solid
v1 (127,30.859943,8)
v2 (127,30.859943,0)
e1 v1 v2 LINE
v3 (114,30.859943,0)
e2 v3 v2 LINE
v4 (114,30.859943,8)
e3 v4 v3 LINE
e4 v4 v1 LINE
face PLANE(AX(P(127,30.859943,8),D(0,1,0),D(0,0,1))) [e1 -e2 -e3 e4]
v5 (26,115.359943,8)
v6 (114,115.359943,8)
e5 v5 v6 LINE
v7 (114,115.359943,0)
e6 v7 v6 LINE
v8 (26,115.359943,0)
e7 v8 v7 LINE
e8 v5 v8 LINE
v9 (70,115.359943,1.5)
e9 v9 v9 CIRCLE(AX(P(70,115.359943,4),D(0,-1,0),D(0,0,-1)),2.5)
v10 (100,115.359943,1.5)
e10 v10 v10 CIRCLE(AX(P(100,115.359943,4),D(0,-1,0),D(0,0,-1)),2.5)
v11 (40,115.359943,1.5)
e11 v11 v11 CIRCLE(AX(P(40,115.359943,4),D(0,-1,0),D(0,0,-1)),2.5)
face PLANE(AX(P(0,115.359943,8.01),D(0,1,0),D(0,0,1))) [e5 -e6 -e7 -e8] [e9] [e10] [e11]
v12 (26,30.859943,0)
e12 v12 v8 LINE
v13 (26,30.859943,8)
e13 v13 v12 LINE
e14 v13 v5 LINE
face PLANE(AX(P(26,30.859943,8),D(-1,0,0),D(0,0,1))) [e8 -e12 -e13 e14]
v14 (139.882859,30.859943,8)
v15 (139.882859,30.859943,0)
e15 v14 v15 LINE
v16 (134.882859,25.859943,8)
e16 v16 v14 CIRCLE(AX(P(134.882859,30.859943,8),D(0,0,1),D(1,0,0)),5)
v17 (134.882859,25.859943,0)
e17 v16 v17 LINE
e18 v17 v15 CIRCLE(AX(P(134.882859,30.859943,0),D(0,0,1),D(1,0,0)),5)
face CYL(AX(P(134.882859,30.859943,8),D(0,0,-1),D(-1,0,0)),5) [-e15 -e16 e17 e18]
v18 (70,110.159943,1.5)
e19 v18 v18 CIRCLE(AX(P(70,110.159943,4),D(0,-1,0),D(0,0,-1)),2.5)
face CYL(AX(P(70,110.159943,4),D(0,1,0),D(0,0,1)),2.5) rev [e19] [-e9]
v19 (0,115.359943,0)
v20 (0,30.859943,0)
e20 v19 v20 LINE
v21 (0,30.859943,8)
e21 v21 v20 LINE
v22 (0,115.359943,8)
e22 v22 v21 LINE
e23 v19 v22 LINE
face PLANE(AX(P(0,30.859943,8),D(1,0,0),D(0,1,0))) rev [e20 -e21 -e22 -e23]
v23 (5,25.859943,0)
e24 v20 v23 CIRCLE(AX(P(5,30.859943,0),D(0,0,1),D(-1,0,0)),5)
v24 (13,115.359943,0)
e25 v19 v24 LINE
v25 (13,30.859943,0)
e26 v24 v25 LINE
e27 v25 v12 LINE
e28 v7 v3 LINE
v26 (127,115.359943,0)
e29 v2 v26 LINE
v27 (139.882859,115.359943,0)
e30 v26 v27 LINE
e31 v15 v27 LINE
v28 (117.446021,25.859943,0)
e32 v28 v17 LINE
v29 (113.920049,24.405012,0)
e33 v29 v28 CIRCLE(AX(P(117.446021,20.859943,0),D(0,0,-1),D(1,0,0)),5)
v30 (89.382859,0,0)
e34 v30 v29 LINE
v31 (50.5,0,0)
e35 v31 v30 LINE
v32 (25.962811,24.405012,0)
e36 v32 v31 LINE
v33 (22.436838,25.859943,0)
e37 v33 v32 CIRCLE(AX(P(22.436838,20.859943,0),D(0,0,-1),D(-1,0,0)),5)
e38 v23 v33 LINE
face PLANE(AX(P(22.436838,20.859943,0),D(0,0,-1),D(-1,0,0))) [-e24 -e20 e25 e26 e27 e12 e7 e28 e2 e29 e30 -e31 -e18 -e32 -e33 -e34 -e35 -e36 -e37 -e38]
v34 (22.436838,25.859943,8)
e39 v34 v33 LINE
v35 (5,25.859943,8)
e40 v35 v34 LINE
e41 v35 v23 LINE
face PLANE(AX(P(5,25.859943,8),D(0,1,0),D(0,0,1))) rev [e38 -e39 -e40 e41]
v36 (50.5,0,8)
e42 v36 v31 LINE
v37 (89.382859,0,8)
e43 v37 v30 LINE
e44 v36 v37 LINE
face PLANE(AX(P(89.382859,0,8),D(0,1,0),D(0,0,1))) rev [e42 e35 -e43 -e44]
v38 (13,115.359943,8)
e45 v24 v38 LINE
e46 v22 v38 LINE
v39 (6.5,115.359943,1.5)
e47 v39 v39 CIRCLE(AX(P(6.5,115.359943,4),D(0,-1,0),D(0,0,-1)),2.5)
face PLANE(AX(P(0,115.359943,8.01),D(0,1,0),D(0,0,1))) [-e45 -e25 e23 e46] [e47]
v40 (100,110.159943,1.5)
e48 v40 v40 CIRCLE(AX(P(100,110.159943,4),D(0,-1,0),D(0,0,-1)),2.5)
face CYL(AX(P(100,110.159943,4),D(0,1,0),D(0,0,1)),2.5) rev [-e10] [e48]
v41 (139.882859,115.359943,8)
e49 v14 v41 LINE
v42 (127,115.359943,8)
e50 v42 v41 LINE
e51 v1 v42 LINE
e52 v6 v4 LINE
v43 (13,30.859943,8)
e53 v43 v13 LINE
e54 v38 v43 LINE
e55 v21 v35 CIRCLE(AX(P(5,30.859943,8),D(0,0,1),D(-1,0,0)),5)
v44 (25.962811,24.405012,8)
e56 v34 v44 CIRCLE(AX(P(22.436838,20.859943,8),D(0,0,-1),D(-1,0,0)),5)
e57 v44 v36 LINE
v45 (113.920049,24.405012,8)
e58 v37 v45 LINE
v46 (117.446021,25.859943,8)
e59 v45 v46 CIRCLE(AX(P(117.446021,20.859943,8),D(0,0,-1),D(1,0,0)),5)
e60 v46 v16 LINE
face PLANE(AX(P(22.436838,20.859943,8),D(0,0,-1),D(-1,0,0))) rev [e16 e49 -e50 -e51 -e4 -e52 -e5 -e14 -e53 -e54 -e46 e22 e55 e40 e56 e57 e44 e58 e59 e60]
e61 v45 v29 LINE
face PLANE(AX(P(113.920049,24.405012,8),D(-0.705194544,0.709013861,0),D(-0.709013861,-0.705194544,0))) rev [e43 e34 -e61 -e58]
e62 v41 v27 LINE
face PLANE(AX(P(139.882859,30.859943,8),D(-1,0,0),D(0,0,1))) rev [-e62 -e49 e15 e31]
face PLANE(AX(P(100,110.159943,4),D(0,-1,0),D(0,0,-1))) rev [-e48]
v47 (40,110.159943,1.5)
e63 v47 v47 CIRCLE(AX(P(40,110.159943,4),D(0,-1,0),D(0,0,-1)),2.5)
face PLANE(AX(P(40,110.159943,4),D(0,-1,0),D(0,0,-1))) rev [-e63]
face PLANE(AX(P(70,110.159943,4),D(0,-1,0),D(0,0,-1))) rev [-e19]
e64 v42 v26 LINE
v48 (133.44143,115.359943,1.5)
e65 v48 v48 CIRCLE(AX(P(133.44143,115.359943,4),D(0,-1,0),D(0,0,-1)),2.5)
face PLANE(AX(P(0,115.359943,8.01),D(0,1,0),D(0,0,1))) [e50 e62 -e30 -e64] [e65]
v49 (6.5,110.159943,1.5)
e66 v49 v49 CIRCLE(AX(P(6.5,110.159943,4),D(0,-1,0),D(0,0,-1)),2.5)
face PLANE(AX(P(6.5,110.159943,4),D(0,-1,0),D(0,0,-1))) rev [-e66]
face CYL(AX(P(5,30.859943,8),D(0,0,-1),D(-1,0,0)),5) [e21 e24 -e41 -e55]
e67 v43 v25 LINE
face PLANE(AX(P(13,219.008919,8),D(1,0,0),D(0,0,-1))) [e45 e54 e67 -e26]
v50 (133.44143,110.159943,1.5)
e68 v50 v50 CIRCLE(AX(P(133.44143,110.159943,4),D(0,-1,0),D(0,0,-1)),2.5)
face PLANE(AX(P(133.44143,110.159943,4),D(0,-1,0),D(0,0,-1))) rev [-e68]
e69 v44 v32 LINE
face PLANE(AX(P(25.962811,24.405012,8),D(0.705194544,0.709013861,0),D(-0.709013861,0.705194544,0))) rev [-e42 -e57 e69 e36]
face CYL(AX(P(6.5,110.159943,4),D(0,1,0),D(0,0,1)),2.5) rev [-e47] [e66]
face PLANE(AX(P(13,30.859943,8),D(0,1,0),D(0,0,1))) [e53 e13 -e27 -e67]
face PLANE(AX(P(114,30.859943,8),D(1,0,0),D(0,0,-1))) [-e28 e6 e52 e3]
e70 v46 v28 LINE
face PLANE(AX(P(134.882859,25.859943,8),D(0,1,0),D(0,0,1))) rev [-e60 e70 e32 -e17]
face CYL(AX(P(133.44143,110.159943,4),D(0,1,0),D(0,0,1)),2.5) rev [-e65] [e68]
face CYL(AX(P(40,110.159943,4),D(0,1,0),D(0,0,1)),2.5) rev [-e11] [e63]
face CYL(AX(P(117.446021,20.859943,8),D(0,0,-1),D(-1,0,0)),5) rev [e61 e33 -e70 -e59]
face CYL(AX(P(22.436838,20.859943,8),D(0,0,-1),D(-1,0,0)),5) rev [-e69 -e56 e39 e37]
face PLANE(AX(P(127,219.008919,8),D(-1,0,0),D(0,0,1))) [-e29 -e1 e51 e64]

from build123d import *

# Parameters (mm, degrees)
SKETCH1_W              = 13
SKETCH1_H              = 188.148975749
BOSS_EXTRUDE1_DEPTH    = 8
SKETCH2_W              = 45
SKETCH2_H              = 52
CUT_EXTRUDE1_DEPTH     = 341.17998495
SPLIT1_SURFACE_1_BACK  = 341.18
SPLIT1_SURFACE_1_DEPTH = 682.36
SPLIT1_SURFACE_2_BACK  = 341.18
SPLIT1_SURFACE_2_DEPTH = 682.36
SKETCH5_R              = 2.5
CUT_EXTRUDE6_DEPTH     = 5.2
CUT_EXTRUDE7_START     = -5.2
SKETCH4_R              = 2.5
CUT_EXTRUDE7_DEPTH     = 5.2


with BuildPart() as part:
    # Sketch1 → Boss-Extrude1 (new body)
    with BuildSketch(Plane.XY):
        with BuildLine():
            Line((0, 30.859943174), (0, 219.008918923))
            ThreePointArc((0, 219.008918923), (0.311003468, 220.744808182), (1.205324608, 222.264750409))
            Line((1.205324608, 222.264750409), (42.261389271, 270.115641625))
            ThreePointArc((42.261389271, 270.115641625), (42.81710491, 270.906904614), (43.210130369, 271.790334282))
            Line((43.210130369, 271.790334282), (54.802396658, 306.567133147))
            ThreePointArc((54.802396658, 306.567133147), (56.605292439, 309.029920375), (59.503914938, 309.985818768))
            Line((59.503914938, 309.985818768), (80.378944352, 309.985818768))
            ThreePointArc((80.378944352, 309.985818768), (83.277566851, 309.029920375), (85.080462632, 306.567133147))
            Line((85.080462632, 306.567133147), (96.672728921, 271.790334282))
            ThreePointArc((96.672728921, 271.790334282), (97.06575438, 270.906904614), (97.621470019, 270.115641625))
            Line((97.621470019, 270.115641625), (138.677534682, 222.264750409))
            ThreePointArc((138.677534682, 222.264750409), (139.571855822, 220.744808182), (139.88285929, 219.008918923))
            Line((139.88285929, 219.008918923), (139.88285929, 30.859943174))
            ThreePointArc((139.88285929, 30.859943174), (138.418393196, 27.324409268), (134.88285929, 25.859943174))
            Line((134.88285929, 25.859943174), (117.446021446, 25.859943174))
            ThreePointArc((117.446021446, 25.859943174), (115.538843756, 25.481920377), (113.920048724, 24.405012478))
            Line((113.920048724, 24.405012478), (89.38285929, 0))
            Line((89.38285929, 0), (50.5, 0))
            Line((50.5, 0), (25.962810565, 24.405012478))
            ThreePointArc((25.962810565, 24.405012478), (24.344015534, 25.481920377), (22.436837844, 25.859943174))
            Line((22.436837844, 25.859943174), (5, 25.859943174))
            ThreePointArc((5, 25.859943174), (1.464466094, 27.324409268), (0, 30.859943174))
        make_face()
        with Locations((19.5, 124.934431049)):
            Rectangle(SKETCH1_W, SKETCH1_H, mode=Mode.SUBTRACT)
        with Locations((120.5, 124.934431049)):
            Rectangle(SKETCH1_W, SKETCH1_H, mode=Mode.SUBTRACT)
    extrude(amount=BOSS_EXTRUDE1_DEPTH)

    # Sketch2 → Cut-Extrude1 (cut, through all)
    with BuildSketch(Plane.XY.offset(8)):
        with Locations((69.88285929, 180.008918923)):
            Rectangle(SKETCH2_W, SKETCH2_H)
    extrude(amount=-CUT_EXTRUDE1_DEPTH, mode=Mode.SUBTRACT)


with BuildPart() as body_2:
    # Split1: the piece behind the surface
    add(part.part)
    # Split1 surface: a surface, the sketch's curves swept straight by 682.36 mm
    with BuildLine(Plane(origin=(0, 0, 0), x_dir=(-1, 0, 0), z_dir=(0, 0, -1)).offset(-SPLIT1_SURFACE_1_BACK), mode=Mode.PRIVATE) as split1_surface_1_path:
        Line((0, 115.359943174), (-139.88285929, 115.359943174))
    split1_surface_1 = Shell.extrude(split1_surface_1_path.wire(), (0 * SPLIT1_SURFACE_1_DEPTH, 0 * SPLIT1_SURFACE_1_DEPTH, -1 * SPLIT1_SURFACE_1_DEPTH))
    split(bisect_by=split1_surface_1, keep=Keep.BOTTOM)


with BuildPart() as part_1:
    add(part.part)

    # Split1: split by a surface, the side it looks to stays
    # Split1 surface: a surface, the sketch's curves swept straight by 682.36 mm
    with BuildLine(Plane(origin=(0, 0, 0), x_dir=(-1, 0, 0), z_dir=(0, 0, -1)).offset(-SPLIT1_SURFACE_2_BACK), mode=Mode.PRIVATE) as split1_surface_2_path:
        Line((0, 115.359943174), (-139.88285929, 115.359943174))
    split1_surface_2 = Shell.extrude(split1_surface_2_path.wire(), (0 * SPLIT1_SURFACE_2_DEPTH, 0 * SPLIT1_SURFACE_2_DEPTH, -1 * SPLIT1_SURFACE_2_DEPTH))
    split(bisect_by=split1_surface_2, keep=Keep.TOP)

    # Sketch5 → Cut-Extrude6 (cut)
    with BuildSketch(Plane(origin=(0, 115.359943174, -115.359943174), x_dir=(1, 0, 0), z_dir=(0, -1, 0))):
        with Locations(Location((133.441429645, 119.359943174, 0), (0, 0, 270))):
            Circle(SKETCH5_R)
        with Locations(Location((70, 119.359943174, 0), (0, 0, 270))):
            Circle(SKETCH5_R)
        with Locations(Location((100, 119.359943174, 0), (0, 0, 270))):
            Circle(SKETCH5_R)
        with Locations(Location((40, 119.359943174, 0), (0, 0, 270))):
            Circle(SKETCH5_R)
        with Locations(Location((6.5, 119.359943174, 0), (0, 0, 270))):
            Circle(SKETCH5_R)
    extrude(amount=CUT_EXTRUDE6_DEPTH, mode=Mode.SUBTRACT)


with BuildPart() as body_2_1:
    # Body-Move/Copy1: moved
    add(body_2.part.moved(Location((0, 34.793425009, 0))))

    # Sketch4 → Cut-Extrude7 (cut)
    with BuildSketch(Plane(origin=(0, 150.153368183, 0), x_dir=(-1, 0, 0), z_dir=(0, -1, 0)).offset(CUT_EXTRUDE7_START)):
        with Locations(Location((-6.5, -4, 0), (0, 0, 90))):
            Circle(SKETCH4_R)
        with Locations(Location((-70, -4, 0), (0, 0, 90))):
            Circle(SKETCH4_R)
        with Locations(Location((-40, -4, 0), (0, 0, 90))):
            Circle(SKETCH4_R)
        with Locations(Location((-100, -4, 0), (0, 0, 90))):
            Circle(SKETCH4_R)
        with Locations(Location((-133.441429645, -4, 0), (0, 0, 90))):
            Circle(SKETCH4_R)
    extrude(amount=CUT_EXTRUDE7_DEPTH, mode=Mode.SUBTRACT)


solid = part_1.part
